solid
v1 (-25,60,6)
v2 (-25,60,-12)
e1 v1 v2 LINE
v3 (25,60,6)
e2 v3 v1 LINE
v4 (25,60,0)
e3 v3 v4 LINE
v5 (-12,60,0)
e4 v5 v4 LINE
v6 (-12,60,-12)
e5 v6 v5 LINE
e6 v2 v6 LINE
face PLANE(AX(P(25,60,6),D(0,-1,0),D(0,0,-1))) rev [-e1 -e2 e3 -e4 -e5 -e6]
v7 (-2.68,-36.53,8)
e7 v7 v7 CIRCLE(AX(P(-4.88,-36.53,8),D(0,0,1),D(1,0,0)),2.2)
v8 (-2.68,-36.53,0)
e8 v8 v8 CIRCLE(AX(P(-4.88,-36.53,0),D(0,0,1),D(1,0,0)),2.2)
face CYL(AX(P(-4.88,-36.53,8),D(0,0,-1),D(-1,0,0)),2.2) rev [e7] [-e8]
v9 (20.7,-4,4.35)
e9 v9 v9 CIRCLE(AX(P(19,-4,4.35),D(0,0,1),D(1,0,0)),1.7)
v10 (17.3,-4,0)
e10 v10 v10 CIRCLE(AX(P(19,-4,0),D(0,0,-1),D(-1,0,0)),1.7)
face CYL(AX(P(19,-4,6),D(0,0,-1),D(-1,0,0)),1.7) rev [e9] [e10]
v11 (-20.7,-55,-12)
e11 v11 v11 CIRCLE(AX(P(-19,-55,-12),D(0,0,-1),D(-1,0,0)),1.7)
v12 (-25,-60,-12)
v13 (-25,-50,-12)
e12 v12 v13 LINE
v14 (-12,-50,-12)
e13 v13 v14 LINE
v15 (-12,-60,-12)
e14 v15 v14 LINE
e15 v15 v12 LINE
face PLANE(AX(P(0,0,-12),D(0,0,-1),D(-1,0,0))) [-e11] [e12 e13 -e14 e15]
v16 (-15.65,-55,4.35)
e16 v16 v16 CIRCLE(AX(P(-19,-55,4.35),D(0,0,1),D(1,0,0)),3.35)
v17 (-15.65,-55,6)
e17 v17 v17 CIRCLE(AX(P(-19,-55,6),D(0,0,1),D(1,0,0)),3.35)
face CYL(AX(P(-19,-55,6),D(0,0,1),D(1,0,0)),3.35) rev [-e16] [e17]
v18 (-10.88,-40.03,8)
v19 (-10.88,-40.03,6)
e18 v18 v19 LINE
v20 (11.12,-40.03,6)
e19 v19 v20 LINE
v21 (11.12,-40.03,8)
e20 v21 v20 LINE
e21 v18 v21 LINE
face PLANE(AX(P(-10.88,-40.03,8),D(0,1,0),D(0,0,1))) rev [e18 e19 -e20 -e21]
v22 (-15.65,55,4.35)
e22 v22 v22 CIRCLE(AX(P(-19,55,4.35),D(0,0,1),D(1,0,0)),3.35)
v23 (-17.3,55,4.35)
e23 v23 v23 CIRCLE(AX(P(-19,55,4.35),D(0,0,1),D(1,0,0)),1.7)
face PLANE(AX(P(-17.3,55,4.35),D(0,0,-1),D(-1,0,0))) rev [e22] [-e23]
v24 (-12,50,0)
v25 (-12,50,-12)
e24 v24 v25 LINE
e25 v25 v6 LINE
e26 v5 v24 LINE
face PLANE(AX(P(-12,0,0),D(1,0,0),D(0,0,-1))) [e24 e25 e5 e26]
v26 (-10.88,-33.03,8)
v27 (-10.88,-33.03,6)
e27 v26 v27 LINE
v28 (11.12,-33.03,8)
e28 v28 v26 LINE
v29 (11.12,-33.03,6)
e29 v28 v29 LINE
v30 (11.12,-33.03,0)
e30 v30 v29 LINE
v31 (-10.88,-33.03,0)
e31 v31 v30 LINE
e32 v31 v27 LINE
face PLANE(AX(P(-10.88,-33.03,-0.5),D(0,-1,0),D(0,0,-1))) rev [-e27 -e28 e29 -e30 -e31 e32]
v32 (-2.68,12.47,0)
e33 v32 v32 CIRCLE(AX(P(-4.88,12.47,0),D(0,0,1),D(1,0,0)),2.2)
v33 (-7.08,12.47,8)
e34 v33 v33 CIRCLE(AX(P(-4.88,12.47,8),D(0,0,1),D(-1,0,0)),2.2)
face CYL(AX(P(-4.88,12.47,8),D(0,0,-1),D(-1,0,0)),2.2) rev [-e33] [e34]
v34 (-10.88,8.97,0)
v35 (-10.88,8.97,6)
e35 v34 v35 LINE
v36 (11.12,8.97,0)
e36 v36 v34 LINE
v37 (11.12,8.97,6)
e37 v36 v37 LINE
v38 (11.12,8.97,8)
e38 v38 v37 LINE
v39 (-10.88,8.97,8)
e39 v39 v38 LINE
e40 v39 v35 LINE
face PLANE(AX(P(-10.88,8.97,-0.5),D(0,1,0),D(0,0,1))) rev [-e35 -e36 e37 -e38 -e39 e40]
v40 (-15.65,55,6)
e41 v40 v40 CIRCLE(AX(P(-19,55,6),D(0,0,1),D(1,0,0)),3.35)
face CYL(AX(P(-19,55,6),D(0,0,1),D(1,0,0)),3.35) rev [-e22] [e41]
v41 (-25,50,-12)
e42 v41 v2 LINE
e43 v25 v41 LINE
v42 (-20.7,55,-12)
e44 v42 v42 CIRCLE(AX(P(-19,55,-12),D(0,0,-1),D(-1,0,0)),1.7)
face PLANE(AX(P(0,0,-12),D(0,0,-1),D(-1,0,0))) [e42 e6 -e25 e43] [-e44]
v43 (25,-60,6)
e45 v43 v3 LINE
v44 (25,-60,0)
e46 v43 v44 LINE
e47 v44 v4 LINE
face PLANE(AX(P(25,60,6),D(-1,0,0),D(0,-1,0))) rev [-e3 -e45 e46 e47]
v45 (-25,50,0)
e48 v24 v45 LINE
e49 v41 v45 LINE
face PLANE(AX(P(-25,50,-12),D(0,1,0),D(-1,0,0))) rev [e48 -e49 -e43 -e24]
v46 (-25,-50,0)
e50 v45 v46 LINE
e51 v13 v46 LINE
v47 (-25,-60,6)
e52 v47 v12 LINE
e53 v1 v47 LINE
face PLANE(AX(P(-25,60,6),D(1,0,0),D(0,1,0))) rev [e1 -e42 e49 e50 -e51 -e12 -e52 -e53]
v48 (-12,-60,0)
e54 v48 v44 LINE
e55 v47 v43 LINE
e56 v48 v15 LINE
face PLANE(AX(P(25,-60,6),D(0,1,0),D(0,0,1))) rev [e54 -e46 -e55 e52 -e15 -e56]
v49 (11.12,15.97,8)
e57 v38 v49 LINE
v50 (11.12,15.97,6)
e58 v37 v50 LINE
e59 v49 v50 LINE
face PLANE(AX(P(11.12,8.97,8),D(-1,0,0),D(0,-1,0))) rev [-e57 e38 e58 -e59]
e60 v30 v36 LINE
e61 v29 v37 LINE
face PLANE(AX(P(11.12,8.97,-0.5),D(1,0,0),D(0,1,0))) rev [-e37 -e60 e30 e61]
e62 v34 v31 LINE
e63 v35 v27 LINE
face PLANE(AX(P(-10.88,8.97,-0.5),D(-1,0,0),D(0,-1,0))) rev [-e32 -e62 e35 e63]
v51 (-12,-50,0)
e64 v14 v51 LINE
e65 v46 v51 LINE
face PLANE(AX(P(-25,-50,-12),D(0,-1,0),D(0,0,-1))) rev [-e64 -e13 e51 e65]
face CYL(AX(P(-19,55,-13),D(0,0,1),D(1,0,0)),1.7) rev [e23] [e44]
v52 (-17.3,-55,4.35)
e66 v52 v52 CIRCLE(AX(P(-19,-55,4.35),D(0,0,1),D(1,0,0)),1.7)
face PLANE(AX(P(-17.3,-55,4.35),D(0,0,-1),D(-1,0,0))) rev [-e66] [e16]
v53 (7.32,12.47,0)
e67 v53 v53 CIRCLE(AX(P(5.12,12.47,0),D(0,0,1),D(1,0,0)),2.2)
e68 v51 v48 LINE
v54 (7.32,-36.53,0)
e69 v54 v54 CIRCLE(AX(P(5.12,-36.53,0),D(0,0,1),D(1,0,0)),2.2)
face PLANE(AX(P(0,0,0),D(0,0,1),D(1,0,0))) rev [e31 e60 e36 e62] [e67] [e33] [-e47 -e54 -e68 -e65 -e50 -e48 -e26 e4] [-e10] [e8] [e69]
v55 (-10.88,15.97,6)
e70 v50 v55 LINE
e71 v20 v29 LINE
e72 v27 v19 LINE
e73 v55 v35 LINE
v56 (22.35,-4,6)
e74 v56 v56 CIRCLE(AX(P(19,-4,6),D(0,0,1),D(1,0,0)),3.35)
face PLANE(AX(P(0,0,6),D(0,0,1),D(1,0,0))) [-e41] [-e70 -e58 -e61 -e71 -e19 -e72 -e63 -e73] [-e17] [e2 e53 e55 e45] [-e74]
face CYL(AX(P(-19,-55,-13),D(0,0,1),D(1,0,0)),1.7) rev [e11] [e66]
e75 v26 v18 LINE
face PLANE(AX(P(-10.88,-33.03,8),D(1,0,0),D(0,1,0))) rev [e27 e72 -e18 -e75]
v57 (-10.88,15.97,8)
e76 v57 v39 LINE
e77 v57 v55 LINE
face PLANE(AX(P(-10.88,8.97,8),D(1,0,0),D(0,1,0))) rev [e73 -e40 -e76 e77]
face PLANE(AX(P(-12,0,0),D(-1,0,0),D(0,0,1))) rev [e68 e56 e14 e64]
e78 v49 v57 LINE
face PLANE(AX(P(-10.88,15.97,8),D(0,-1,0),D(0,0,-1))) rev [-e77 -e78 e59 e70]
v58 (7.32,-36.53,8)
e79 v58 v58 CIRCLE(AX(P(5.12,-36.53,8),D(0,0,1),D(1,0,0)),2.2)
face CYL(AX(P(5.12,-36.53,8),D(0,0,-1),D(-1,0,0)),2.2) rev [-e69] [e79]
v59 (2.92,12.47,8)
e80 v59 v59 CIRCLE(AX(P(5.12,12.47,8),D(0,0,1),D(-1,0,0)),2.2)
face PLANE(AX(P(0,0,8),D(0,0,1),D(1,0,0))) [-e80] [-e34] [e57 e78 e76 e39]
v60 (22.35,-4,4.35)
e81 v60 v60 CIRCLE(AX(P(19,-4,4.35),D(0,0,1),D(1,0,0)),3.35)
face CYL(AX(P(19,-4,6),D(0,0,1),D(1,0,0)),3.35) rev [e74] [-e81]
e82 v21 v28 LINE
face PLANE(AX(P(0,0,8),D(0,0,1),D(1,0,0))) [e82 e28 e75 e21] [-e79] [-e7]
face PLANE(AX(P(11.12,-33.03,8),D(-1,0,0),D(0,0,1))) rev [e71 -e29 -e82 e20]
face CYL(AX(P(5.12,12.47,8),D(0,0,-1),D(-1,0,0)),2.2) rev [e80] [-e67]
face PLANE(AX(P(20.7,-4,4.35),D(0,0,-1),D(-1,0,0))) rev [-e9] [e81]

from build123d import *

# Parameters (mm, degrees)
SKETCH1_W                       = 120
SKETCH1_H                       = 50
BOSS_EXTRUDE1_DEPTH             = 6
SKETCH2_W                       = 50
SKETCH2_H                       = 10
BOSS_EXTRUDE2_DEPTH             = 12
SKETCH3_R                       = 1.7
CUT_EXTRUDE1_DEPTH              = 19
SKETCH5_W                       = 10
SKETCH5_H                       = 12
CUT_EXTRUDE2_DEPTH              = 37
CBORE_FOR_M3_SBHCS2_D           = 3.4
CBORE_FOR_M3_SBHCS2_DEPTH       = 3.15
CBORE_FOR_M3_SBHCS2_CBORE_D     = 6.7
CBORE_FOR_M3_SBHCS2_CBORE_DEPTH = 1.65
CBORE_FOR_M3_SBHCS2_TIP         = 1.021463052
SKETCH6_R                       = 1.7
CUT_EXTRUDE3_DEPTH              = 6
CBORE_FOR_M3_SBHCS3_D           = 3.4
CBORE_FOR_M3_SBHCS3_DEPTH       = 3.15
CBORE_FOR_M3_SBHCS3_CBORE_D     = 6.7
CBORE_FOR_M3_SBHCS3_CBORE_DEPTH = 1.65
CBORE_FOR_M3_SBHCS3_TIP         = 1.021463052
SKETCH9_R                       = 3.2
CUT_EXTRUDE4_DEPTH              = 7
SKETCH10_W                      = 22
SKETCH10_H                      = 42
CUT_EXTRUDE5_DEPTH              = 6.5
SKETCH11_W                      = 22
SKETCH11_H                      = 7
SKETCH11_R                      = 2.2
BOSS_EXTRUDE4_DEPTH             = 2
CUT_EXTRUDE6_START              = -6
SKETCH12_R                      = 2.2
CUT_EXTRUDE6_DEPTH              = 6


with BuildPart() as part:
    # Sketch1 → Boss-Extrude1 (new body)
    with BuildSketch(Plane(origin=(0, 0, 0), x_dir=(0, 1, 0), z_dir=(0, 0, 1))):
        Rectangle(SKETCH1_W, SKETCH1_H)
    extrude(amount=BOSS_EXTRUDE1_DEPTH)

    # Sketch2 → Boss-Extrude2 (add)
    with BuildSketch(Plane(origin=(0, 0, 0), x_dir=(1, 0, 0), z_dir=(0, 0, -1))):
        with Locations((0, 55)):
            Rectangle(SKETCH2_W, SKETCH2_H)
        with Locations((0, -55)):
            Rectangle(SKETCH2_W, SKETCH2_H)
    extrude(amount=BOSS_EXTRUDE2_DEPTH)

    # Sketch3 → Cut-Extrude1 (cut)
    with BuildSketch(Plane.XY.offset(6)):
        with Locations((-19, -55)):
            Circle(SKETCH3_R)
        with Locations(Location((-19, 55, 0), (0, 0, 180))):
            Circle(SKETCH3_R)
    extrude(amount=-CUT_EXTRUDE1_DEPTH, mode=Mode.SUBTRACT)

    # Sketch5 → Cut-Extrude2 (cut)
    with BuildSketch(Plane.YZ.offset(25)):
        with Locations((-55, -6)):
            Rectangle(SKETCH5_W, SKETCH5_H)
        with Locations((55, -6)):
            Rectangle(SKETCH5_W, SKETCH5_H)
    extrude(amount=-CUT_EXTRUDE2_DEPTH, mode=Mode.SUBTRACT)

    # CBORE for M3 SBHCS2
    with Locations(Plane(origin=(-19, 55, 6), x_dir=(1, 0, 0), z_dir=(0, 0, 1))):
        with Locations((0, 0), (0, -110)):
            CounterBoreHole(CBORE_FOR_M3_SBHCS2_D / 2, CBORE_FOR_M3_SBHCS2_CBORE_D / 2, CBORE_FOR_M3_SBHCS2_CBORE_DEPTH, depth=CBORE_FOR_M3_SBHCS2_DEPTH)
            with Locations((0, 0, -(CBORE_FOR_M3_SBHCS2_DEPTH + CBORE_FOR_M3_SBHCS2_TIP / 2))):  # 118° drill point
                Cone(0, CBORE_FOR_M3_SBHCS2_D / 2, CBORE_FOR_M3_SBHCS2_TIP, mode=Mode.SUBTRACT)

    # Sketch6 → Cut-Extrude3 (cut)
    with BuildSketch(Plane(origin=(0, 0, 0), x_dir=(1, 0, 0), z_dir=(0, 0, -1))):
        with Locations(Location((19, 4, 0), (0, 0, 180))):
            Circle(SKETCH6_R)
    extrude(amount=-CUT_EXTRUDE3_DEPTH, mode=Mode.SUBTRACT)

    # CBORE for M3 SBHCS3
    with Locations(Plane(origin=(19, -4, 6), x_dir=(1, 0, 0), z_dir=(0, 0, 1))):
        with Locations((0, 0)):
            CounterBoreHole(CBORE_FOR_M3_SBHCS3_D / 2, CBORE_FOR_M3_SBHCS3_CBORE_D / 2, CBORE_FOR_M3_SBHCS3_CBORE_DEPTH, depth=CBORE_FOR_M3_SBHCS3_DEPTH)
            with Locations((0, 0, -(CBORE_FOR_M3_SBHCS3_DEPTH + CBORE_FOR_M3_SBHCS3_TIP / 2))):  # 118° drill point
                Cone(0, CBORE_FOR_M3_SBHCS3_D / 2, CBORE_FOR_M3_SBHCS3_TIP, mode=Mode.SUBTRACT)

    # Sketch9 → Cut-Extrude4 (cut)
    with BuildSketch(Plane.XY.offset(6)):
        with Locations((0.12, -22.03)):
            Circle(SKETCH9_R)
    extrude(amount=-CUT_EXTRUDE4_DEPTH, mode=Mode.SUBTRACT)

    # Sketch10 → Cut-Extrude5 (cut)
    with BuildSketch(Plane.XY.offset(6)):
        with Locations((0.12, -12.03)):
            Rectangle(SKETCH10_W, SKETCH10_H)
    extrude(amount=-CUT_EXTRUDE5_DEPTH, mode=Mode.SUBTRACT)

    # Sketch11 → Boss-Extrude4 (add)
    # profile 1 of 2: a face of its own
    with BuildSketch(Plane.XY.offset(6)):
        with Locations((0.12, -36.53)):
            Rectangle(SKETCH11_W, SKETCH11_H)
        with Locations((-4.88, -36.53)):
            Circle(SKETCH11_R, mode=Mode.SUBTRACT)
        with Locations((5.12, -36.53)):
            Circle(SKETCH11_R, mode=Mode.SUBTRACT)
    # profile 2 of 2: a face of its own
    with BuildSketch(Plane.XY.offset(6)):
        with Locations((0.12, 12.47)):
            Rectangle(SKETCH11_W, SKETCH11_H)
        with Locations(Location((5.12, 12.47, 0), (0, 0, 180))):
            Circle(SKETCH11_R, mode=Mode.SUBTRACT)
        with Locations(Location((-4.88, 12.47, 0), (0, 0, 180))):
            Circle(SKETCH11_R, mode=Mode.SUBTRACT)
    extrude(amount=BOSS_EXTRUDE4_DEPTH)

    # Sketch12 → Cut-Extrude6 (cut)
    with BuildSketch(Plane.XY.offset(6).offset(CUT_EXTRUDE6_START)):
        with Locations((-4.88, -36.53)):
            Circle(SKETCH12_R)
        with Locations((5.12, -36.53)):
            Circle(SKETCH12_R)
        with Locations(Location((-4.88, 12.47, 0), (0, 0, 180))):
            Circle(SKETCH12_R)
        with Locations(Location((5.12, 12.47, 0), (0, 0, 180))):
            Circle(SKETCH12_R)
    extrude(amount=CUT_EXTRUDE6_DEPTH, mode=Mode.SUBTRACT)


solid = part.part
